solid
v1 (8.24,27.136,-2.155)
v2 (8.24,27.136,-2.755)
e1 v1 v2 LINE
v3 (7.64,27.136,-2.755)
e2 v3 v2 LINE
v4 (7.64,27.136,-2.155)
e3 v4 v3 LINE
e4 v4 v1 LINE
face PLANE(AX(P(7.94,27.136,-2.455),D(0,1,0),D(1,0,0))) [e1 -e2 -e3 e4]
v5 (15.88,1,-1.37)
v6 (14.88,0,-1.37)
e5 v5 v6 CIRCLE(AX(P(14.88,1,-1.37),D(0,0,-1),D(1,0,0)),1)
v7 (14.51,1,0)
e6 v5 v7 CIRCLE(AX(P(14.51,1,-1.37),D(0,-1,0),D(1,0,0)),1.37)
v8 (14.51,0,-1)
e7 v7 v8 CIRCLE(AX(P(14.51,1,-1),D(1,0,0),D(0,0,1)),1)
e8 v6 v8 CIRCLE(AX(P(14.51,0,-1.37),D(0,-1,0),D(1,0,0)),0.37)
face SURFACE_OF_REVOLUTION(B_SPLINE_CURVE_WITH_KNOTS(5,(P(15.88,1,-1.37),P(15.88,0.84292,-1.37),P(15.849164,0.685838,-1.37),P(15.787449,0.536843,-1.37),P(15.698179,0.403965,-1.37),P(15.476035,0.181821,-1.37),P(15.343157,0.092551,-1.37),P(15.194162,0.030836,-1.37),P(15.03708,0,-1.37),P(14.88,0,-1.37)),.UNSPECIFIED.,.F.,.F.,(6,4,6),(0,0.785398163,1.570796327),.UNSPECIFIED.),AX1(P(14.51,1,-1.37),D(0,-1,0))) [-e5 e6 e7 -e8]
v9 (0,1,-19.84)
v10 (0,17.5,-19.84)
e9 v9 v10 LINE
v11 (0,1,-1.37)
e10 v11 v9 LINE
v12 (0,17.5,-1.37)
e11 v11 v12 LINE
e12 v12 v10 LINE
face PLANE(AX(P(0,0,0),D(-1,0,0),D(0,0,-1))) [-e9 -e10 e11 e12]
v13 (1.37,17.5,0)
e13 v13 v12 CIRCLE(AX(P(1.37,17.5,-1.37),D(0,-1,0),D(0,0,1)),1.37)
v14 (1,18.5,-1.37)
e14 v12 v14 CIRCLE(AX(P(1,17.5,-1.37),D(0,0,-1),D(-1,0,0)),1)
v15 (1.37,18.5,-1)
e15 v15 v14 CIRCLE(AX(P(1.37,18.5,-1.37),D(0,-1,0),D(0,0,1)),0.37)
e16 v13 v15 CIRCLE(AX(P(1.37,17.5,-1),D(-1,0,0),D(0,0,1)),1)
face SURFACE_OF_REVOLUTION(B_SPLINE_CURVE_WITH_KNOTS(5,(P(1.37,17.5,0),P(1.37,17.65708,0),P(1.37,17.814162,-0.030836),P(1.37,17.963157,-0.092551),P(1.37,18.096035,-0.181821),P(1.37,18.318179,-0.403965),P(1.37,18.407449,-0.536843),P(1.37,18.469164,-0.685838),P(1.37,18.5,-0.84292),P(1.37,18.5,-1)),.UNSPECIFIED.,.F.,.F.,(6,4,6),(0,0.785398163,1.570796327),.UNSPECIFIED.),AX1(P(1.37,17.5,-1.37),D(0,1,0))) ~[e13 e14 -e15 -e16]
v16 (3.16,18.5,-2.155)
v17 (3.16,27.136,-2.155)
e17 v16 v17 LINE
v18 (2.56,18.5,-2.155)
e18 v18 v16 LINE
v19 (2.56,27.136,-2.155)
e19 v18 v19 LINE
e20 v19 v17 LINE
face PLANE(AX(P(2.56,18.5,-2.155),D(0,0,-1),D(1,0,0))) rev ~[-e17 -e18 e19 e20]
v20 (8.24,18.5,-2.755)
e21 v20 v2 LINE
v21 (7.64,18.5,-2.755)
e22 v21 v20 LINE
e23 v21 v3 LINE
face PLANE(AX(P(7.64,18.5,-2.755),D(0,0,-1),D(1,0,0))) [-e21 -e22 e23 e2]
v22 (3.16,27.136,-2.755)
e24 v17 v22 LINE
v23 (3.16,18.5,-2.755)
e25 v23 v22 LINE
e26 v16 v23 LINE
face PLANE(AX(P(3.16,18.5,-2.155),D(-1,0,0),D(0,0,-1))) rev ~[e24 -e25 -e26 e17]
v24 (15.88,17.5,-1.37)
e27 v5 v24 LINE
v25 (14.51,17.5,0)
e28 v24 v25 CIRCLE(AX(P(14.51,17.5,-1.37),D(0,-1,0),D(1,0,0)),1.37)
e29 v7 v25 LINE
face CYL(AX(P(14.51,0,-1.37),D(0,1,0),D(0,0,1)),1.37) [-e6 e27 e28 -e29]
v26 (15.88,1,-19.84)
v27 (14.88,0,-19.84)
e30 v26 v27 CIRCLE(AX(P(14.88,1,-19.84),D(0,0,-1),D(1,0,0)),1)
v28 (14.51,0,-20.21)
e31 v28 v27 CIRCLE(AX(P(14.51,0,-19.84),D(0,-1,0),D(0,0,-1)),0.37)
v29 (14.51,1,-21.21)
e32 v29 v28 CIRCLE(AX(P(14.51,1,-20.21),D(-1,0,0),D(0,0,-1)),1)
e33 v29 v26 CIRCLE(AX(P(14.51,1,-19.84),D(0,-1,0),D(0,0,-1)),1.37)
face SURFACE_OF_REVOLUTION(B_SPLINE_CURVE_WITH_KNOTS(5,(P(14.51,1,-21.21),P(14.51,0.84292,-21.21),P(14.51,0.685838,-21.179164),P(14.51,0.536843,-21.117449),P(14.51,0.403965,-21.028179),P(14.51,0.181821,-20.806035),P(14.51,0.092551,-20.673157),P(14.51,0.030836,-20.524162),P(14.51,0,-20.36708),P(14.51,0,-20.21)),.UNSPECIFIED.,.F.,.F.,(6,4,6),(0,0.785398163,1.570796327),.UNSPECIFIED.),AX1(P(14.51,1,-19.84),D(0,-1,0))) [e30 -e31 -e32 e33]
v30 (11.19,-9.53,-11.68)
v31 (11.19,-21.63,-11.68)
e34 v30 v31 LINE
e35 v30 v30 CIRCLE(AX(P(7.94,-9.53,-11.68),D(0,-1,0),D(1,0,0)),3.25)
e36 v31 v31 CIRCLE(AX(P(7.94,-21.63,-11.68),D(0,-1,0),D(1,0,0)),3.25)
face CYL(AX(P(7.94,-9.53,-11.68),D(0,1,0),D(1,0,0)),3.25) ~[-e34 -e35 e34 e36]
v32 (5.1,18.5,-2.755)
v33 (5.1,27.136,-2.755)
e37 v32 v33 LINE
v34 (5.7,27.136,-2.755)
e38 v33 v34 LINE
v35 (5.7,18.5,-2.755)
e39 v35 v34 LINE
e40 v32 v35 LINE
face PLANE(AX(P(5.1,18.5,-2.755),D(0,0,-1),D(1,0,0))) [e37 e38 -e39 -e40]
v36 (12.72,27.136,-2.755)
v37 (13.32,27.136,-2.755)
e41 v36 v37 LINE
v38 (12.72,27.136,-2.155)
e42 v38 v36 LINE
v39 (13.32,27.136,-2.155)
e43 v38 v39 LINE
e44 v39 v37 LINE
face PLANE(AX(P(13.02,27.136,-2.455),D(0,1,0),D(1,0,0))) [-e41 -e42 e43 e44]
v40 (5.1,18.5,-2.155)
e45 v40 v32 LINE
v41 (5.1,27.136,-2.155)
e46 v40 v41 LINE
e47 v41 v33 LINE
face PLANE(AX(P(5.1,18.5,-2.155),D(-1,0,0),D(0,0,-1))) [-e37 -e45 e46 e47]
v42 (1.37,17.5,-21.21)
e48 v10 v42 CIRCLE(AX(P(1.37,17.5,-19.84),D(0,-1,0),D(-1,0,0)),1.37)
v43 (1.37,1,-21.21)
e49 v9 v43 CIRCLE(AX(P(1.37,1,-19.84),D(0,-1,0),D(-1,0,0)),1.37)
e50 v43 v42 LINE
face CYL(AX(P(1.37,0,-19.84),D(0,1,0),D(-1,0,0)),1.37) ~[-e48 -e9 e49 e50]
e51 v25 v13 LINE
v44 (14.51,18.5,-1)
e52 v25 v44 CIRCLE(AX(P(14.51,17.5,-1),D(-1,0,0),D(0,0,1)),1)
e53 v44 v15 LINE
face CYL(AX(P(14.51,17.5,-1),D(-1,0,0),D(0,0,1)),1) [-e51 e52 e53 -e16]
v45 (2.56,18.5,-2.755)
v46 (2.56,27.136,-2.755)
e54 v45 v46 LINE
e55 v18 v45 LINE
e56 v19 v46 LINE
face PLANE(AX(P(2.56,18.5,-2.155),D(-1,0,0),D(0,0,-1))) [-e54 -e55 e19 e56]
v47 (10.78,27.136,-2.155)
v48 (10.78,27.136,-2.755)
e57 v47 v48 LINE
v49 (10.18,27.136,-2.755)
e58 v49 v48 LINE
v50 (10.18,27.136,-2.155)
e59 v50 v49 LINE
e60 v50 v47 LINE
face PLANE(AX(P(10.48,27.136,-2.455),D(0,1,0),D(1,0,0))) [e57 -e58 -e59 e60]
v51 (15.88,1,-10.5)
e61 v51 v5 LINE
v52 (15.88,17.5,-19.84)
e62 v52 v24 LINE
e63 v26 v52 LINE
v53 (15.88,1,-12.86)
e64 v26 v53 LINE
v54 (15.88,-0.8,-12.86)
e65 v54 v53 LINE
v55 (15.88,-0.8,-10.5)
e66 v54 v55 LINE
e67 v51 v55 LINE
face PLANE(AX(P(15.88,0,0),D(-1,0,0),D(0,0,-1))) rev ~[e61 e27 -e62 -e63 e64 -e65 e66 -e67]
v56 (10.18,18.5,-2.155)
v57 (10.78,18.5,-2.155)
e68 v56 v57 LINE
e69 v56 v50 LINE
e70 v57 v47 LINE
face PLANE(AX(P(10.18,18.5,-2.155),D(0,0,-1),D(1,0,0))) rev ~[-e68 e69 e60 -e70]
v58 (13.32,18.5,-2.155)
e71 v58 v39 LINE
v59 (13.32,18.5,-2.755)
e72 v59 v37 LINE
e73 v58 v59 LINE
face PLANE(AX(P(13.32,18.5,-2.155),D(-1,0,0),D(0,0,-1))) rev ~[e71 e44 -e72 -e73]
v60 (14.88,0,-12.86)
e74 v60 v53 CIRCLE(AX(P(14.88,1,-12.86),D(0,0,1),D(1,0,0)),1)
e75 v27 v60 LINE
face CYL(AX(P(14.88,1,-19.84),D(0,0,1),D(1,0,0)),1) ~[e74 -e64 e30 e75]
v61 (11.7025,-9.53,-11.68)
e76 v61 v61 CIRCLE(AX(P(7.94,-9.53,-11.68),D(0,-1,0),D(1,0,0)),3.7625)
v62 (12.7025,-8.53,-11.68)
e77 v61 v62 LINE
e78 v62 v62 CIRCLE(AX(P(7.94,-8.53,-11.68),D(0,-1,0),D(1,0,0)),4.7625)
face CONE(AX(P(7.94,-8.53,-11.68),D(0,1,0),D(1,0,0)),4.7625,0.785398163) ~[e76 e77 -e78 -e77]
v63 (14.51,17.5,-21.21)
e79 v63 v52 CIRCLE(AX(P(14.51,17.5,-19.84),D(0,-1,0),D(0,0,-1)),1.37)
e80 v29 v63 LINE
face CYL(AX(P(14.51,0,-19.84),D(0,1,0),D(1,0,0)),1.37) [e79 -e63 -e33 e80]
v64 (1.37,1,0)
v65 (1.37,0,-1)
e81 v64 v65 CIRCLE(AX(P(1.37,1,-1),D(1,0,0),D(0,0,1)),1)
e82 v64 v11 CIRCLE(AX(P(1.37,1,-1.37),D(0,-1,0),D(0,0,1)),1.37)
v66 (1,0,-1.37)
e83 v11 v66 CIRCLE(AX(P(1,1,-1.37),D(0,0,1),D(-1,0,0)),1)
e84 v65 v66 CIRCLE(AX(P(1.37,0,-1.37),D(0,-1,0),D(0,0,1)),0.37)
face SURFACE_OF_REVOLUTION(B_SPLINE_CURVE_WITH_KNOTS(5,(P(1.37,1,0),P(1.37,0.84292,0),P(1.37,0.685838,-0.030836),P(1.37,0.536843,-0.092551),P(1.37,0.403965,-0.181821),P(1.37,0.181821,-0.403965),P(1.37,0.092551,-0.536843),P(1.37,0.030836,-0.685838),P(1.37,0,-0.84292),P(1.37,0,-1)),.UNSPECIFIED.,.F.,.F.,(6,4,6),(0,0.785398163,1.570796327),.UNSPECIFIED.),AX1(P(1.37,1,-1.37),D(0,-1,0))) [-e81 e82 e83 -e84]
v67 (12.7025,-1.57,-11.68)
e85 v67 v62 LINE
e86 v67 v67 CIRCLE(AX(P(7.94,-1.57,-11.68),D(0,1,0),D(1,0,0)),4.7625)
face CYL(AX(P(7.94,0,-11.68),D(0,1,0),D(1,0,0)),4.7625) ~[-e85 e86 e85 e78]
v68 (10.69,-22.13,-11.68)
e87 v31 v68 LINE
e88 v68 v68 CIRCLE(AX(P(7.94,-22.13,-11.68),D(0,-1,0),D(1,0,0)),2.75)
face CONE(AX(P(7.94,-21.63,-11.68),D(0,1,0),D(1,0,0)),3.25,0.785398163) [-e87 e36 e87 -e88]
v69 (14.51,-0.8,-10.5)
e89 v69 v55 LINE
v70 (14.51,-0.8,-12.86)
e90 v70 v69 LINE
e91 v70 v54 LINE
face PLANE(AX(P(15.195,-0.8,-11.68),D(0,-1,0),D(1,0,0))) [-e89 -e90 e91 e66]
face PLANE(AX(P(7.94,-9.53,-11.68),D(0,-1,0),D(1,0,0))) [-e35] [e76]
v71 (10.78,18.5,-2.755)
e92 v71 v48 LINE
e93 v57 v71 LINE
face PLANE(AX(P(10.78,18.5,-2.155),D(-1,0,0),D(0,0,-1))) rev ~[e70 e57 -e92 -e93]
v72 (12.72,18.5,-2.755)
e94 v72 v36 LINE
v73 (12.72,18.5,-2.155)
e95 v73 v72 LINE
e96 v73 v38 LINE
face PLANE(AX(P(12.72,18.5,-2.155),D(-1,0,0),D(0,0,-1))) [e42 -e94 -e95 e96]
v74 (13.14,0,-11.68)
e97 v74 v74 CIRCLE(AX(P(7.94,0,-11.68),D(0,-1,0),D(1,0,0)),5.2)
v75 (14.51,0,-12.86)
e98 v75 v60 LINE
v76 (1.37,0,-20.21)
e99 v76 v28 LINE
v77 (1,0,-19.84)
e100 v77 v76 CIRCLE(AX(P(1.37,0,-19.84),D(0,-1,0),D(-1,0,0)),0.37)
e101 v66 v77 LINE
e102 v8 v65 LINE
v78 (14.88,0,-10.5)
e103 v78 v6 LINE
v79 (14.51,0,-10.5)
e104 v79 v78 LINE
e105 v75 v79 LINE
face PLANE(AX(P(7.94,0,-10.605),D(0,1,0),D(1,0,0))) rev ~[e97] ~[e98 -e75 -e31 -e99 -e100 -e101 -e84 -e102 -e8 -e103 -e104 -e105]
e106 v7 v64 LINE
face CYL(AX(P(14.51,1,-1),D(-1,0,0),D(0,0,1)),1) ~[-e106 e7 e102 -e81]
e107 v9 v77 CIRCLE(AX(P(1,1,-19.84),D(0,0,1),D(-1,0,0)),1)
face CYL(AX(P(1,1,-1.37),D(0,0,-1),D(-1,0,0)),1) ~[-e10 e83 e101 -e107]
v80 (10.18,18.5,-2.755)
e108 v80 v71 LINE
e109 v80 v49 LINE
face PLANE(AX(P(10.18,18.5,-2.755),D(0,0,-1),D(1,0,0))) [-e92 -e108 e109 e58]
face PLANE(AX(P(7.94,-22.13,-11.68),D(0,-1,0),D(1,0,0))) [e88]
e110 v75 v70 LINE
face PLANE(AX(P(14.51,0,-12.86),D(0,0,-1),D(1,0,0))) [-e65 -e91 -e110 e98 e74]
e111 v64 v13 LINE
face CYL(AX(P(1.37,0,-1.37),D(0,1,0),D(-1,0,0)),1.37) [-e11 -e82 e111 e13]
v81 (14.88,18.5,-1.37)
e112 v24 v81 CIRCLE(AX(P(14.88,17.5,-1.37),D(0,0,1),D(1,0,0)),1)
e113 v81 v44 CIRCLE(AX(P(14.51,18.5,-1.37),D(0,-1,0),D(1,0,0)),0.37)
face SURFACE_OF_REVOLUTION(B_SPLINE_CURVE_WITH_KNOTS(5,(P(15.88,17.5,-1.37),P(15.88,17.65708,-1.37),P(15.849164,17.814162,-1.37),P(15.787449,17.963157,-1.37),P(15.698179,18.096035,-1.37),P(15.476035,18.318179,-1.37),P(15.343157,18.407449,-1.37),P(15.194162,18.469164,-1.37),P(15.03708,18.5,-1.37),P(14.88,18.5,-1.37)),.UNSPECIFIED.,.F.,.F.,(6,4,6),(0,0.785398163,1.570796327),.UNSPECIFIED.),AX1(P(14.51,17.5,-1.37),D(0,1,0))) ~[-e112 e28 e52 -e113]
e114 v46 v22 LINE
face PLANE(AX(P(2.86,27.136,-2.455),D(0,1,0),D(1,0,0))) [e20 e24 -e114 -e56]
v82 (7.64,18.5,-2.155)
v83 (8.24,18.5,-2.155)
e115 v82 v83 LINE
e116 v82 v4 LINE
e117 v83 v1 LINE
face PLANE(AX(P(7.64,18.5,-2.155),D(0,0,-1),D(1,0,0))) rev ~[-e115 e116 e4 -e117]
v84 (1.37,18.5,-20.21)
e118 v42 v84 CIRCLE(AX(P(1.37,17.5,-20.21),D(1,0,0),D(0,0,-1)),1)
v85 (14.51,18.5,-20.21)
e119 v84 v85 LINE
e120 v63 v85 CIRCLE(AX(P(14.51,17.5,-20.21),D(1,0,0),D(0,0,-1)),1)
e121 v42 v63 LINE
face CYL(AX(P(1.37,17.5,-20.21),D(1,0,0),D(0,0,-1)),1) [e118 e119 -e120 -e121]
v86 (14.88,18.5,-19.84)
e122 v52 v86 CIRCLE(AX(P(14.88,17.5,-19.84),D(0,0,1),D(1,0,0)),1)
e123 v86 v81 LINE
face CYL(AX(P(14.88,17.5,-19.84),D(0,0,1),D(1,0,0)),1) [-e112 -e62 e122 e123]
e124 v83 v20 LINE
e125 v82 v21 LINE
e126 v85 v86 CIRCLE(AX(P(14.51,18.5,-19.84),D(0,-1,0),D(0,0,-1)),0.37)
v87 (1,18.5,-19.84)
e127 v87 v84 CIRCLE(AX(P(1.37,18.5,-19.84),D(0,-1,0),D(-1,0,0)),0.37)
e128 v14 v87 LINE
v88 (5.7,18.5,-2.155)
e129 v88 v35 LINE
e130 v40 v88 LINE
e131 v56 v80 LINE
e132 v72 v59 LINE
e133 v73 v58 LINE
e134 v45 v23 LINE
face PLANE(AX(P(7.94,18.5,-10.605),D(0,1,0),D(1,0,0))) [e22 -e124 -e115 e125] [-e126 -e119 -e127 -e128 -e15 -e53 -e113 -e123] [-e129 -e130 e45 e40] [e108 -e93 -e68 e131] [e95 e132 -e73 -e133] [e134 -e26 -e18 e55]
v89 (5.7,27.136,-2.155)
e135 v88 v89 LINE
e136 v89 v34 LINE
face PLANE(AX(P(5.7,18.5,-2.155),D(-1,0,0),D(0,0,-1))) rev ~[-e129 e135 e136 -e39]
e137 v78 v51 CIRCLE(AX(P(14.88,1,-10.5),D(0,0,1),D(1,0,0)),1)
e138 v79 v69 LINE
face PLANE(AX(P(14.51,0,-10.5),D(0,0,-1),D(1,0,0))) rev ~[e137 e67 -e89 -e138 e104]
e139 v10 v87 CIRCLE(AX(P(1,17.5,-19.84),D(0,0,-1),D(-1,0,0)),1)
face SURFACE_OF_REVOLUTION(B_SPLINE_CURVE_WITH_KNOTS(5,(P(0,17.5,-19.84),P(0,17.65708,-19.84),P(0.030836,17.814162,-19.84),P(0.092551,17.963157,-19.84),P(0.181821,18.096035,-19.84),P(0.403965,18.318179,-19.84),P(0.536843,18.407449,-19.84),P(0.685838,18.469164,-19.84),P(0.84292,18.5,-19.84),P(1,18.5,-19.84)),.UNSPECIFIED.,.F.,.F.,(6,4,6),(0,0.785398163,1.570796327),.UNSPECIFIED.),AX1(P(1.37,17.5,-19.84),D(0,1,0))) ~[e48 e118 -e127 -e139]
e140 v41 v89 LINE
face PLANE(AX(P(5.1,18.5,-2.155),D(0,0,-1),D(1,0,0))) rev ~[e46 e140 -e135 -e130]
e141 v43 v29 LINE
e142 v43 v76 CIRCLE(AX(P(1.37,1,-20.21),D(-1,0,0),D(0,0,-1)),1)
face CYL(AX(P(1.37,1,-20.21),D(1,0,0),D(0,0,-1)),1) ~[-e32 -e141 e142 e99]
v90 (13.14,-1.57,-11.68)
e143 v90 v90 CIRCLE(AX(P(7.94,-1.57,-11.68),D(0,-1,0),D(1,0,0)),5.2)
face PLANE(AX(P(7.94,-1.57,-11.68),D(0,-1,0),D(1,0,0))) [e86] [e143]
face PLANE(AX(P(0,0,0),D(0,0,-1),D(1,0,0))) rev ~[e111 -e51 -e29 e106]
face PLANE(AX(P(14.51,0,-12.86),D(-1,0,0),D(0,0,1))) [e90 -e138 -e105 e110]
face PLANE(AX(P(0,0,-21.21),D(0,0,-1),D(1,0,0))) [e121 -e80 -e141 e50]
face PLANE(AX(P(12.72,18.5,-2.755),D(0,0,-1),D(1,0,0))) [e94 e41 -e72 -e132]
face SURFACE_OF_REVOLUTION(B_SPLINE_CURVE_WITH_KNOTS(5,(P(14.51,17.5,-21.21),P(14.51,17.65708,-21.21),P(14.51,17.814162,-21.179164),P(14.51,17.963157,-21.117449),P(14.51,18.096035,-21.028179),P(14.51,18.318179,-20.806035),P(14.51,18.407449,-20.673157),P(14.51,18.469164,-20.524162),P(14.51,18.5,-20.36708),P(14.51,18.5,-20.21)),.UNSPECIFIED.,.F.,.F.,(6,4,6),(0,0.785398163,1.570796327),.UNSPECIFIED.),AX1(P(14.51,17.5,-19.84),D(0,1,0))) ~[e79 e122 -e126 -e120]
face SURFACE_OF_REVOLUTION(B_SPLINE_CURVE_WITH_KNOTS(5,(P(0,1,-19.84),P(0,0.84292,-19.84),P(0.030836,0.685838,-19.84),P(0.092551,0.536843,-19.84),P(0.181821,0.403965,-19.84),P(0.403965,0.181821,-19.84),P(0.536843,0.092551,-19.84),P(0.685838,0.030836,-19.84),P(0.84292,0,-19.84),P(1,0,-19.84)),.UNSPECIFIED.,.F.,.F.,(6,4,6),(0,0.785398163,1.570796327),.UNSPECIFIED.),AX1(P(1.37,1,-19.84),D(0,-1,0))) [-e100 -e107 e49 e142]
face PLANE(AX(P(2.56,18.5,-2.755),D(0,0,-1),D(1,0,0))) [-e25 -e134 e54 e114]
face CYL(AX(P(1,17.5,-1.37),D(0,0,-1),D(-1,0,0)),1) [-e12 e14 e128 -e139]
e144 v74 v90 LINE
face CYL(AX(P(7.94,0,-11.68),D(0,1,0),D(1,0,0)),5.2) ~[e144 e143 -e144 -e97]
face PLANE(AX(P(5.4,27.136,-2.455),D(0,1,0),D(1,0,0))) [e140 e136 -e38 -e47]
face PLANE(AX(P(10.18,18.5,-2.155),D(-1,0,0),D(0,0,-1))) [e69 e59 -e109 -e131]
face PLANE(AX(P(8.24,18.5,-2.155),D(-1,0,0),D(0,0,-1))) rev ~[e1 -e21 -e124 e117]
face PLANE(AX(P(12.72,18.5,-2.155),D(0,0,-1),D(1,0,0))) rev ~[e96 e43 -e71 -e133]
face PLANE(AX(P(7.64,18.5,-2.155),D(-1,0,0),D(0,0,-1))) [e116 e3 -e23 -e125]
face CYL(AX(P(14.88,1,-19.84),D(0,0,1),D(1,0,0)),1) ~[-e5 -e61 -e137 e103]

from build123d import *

# Parameters (mm, degrees)
SKETCH_2_W      = 15.88
SKETCH_2_H      = 21.21
EXTRUDE_1_DEPTH = 18.5
FILLET_1_R      = 1.37
FILLET_2_R      = 1
SKETCH_3_R      = 4.7625
EXTRUDE_2_DEPTH = 9.53
SKETCH_4_R      = 3.25
EXTRUDE_3_DEPTH = 12.6
CHAMFER_1_SIZE  = 0.5
CHAMFER_2_SIZE  = 1
SKETCH_5_R      = 5.2
EXTRUDE_4_DEPTH = 1.57
SKETCH_6_W      = 1.37
SKETCH_6_H      = 2.36
EXTRUDE_5_DEPTH = 0.8
SKETCH_6_3_W    = 1.37
SKETCH_6_3_H    = 2.36
EXTRUDE_6_DEPTH = 2
SKETCH_7_W      = 0.6
SKETCH_7_H      = 0.6
EXTRUDE_7_DEPTH = 8.636


with BuildPart() as part:
    # Эскиз2 → Бобышка-Вытянуть1 (new body)
    with BuildSketch(Plane(origin=(0, 0, 0), x_dir=(1, 0, 0), z_dir=(0, 1, 0))):
        with Locations((7.94, 10.605)):
            Rectangle(SKETCH_2_W, SKETCH_2_H)
    extrude(amount=EXTRUDE_1_DEPTH)

    # Скругление1
    fillet_1_edges = [part.edges().sort_by_distance(p)[0] for p in [
        (0, 9.25, -21.21),
        (15.88, 9.25, -21.21),
        (15.88, 9.25, 0),
        (0, 9.25, 0),
    ]]
    fillet(fillet_1_edges, radius=FILLET_1_R)

    # Скругление2
    fillet_2_edges = [part.edges().sort_by_distance(p)[0] for p in [
        (0, 0, -10.605),
        (0, 18.5, -10.605),
        (7.94, 0, -21.21),
        (15.88, 0, -10.605),
        (7.94, 0, 0),
        (0.40126371, 0, -0.40126371),
        (15.47873629, 0, -0.40126371),
        (15.47873629, 0, -20.80873629),
        (0.40126371, 0, -20.80873629),
        (7.94, 18.5, -21.21),
        (7.94, 18.5, 0),
        (15.88, 18.5, -10.605),
        (0.40126371, 18.5, -0.40126371),
        (15.47873629, 18.5, -0.40126371),
        (15.47873629, 18.5, -20.80873629),
        (0.40126371, 18.5, -20.80873629),
    ]]
    fillet(fillet_2_edges, radius=FILLET_2_R)

    # Эскиз3 → Бобышка-Вытянуть2 (add)
    with BuildSketch(Plane.XZ):
        with Locations((7.94, -11.68)):
            Circle(SKETCH_3_R)
    extrude(amount=EXTRUDE_2_DEPTH)

    # Эскиз4 → Бобышка-Вытянуть3 (add)
    with BuildSketch(Plane.XZ.offset(9.53)):
        with Locations((7.94, -11.68)):
            Circle(SKETCH_4_R)
    extrude(amount=EXTRUDE_3_DEPTH)

    # Фаска1
    chamfer_1_edges = [part.edges().sort_by_distance(p)[0] for p in [
        (4.69, -22.13, -11.68),
    ]]
    chamfer(chamfer_1_edges, length=CHAMFER_1_SIZE)

    # Фаска2
    chamfer_2_edges = [part.edges().sort_by_distance(p)[0] for p in [
        (3.1775, -9.53, -11.68),
    ]]
    chamfer(chamfer_2_edges, length=CHAMFER_2_SIZE)

    # Эскиз5 → Бобышка-Вытянуть4 (add)
    with BuildSketch(Plane.XZ):
        with Locations((7.94, -11.68)):
            Circle(SKETCH_5_R)
    extrude(amount=EXTRUDE_4_DEPTH)

    # Эскиз6 → Бобышка-Вытянуть5 (add)
    with BuildSketch(Plane.XZ):
        with Locations((15.195, -11.68)):
            Rectangle(SKETCH_6_W, SKETCH_6_H)
    extrude(amount=EXTRUDE_5_DEPTH)

    # Эскиз6<3> → Бобышка-Вытянуть6 (add)
    with BuildSketch(Plane.XZ):
        with Locations((15.195, -11.68)):
            Rectangle(SKETCH_6_3_W, SKETCH_6_3_H)
    extrude(amount=-EXTRUDE_6_DEPTH)

    # Эскиз7 → Бобышка-Вытянуть7 (add)
    with BuildSketch(Plane(origin=(0, 18.5, 0), x_dir=(1, 0, 0), z_dir=(0, 1, 0))):
        with Locations((10.48, 2.455)):
            Rectangle(SKETCH_7_W, SKETCH_7_H)
        with Locations((13.02, 2.455)):
            Rectangle(SKETCH_7_W, SKETCH_7_H)
        with Locations((5.4, 2.455)):
            Rectangle(SKETCH_7_W, SKETCH_7_H)
        with Locations((7.94, 2.455)):
            Rectangle(SKETCH_7_W, SKETCH_7_H)
        with Locations((2.86, 2.455)):
            Rectangle(SKETCH_7_W, SKETCH_7_H)
    extrude(amount=EXTRUDE_7_DEPTH)


solid = part.part
